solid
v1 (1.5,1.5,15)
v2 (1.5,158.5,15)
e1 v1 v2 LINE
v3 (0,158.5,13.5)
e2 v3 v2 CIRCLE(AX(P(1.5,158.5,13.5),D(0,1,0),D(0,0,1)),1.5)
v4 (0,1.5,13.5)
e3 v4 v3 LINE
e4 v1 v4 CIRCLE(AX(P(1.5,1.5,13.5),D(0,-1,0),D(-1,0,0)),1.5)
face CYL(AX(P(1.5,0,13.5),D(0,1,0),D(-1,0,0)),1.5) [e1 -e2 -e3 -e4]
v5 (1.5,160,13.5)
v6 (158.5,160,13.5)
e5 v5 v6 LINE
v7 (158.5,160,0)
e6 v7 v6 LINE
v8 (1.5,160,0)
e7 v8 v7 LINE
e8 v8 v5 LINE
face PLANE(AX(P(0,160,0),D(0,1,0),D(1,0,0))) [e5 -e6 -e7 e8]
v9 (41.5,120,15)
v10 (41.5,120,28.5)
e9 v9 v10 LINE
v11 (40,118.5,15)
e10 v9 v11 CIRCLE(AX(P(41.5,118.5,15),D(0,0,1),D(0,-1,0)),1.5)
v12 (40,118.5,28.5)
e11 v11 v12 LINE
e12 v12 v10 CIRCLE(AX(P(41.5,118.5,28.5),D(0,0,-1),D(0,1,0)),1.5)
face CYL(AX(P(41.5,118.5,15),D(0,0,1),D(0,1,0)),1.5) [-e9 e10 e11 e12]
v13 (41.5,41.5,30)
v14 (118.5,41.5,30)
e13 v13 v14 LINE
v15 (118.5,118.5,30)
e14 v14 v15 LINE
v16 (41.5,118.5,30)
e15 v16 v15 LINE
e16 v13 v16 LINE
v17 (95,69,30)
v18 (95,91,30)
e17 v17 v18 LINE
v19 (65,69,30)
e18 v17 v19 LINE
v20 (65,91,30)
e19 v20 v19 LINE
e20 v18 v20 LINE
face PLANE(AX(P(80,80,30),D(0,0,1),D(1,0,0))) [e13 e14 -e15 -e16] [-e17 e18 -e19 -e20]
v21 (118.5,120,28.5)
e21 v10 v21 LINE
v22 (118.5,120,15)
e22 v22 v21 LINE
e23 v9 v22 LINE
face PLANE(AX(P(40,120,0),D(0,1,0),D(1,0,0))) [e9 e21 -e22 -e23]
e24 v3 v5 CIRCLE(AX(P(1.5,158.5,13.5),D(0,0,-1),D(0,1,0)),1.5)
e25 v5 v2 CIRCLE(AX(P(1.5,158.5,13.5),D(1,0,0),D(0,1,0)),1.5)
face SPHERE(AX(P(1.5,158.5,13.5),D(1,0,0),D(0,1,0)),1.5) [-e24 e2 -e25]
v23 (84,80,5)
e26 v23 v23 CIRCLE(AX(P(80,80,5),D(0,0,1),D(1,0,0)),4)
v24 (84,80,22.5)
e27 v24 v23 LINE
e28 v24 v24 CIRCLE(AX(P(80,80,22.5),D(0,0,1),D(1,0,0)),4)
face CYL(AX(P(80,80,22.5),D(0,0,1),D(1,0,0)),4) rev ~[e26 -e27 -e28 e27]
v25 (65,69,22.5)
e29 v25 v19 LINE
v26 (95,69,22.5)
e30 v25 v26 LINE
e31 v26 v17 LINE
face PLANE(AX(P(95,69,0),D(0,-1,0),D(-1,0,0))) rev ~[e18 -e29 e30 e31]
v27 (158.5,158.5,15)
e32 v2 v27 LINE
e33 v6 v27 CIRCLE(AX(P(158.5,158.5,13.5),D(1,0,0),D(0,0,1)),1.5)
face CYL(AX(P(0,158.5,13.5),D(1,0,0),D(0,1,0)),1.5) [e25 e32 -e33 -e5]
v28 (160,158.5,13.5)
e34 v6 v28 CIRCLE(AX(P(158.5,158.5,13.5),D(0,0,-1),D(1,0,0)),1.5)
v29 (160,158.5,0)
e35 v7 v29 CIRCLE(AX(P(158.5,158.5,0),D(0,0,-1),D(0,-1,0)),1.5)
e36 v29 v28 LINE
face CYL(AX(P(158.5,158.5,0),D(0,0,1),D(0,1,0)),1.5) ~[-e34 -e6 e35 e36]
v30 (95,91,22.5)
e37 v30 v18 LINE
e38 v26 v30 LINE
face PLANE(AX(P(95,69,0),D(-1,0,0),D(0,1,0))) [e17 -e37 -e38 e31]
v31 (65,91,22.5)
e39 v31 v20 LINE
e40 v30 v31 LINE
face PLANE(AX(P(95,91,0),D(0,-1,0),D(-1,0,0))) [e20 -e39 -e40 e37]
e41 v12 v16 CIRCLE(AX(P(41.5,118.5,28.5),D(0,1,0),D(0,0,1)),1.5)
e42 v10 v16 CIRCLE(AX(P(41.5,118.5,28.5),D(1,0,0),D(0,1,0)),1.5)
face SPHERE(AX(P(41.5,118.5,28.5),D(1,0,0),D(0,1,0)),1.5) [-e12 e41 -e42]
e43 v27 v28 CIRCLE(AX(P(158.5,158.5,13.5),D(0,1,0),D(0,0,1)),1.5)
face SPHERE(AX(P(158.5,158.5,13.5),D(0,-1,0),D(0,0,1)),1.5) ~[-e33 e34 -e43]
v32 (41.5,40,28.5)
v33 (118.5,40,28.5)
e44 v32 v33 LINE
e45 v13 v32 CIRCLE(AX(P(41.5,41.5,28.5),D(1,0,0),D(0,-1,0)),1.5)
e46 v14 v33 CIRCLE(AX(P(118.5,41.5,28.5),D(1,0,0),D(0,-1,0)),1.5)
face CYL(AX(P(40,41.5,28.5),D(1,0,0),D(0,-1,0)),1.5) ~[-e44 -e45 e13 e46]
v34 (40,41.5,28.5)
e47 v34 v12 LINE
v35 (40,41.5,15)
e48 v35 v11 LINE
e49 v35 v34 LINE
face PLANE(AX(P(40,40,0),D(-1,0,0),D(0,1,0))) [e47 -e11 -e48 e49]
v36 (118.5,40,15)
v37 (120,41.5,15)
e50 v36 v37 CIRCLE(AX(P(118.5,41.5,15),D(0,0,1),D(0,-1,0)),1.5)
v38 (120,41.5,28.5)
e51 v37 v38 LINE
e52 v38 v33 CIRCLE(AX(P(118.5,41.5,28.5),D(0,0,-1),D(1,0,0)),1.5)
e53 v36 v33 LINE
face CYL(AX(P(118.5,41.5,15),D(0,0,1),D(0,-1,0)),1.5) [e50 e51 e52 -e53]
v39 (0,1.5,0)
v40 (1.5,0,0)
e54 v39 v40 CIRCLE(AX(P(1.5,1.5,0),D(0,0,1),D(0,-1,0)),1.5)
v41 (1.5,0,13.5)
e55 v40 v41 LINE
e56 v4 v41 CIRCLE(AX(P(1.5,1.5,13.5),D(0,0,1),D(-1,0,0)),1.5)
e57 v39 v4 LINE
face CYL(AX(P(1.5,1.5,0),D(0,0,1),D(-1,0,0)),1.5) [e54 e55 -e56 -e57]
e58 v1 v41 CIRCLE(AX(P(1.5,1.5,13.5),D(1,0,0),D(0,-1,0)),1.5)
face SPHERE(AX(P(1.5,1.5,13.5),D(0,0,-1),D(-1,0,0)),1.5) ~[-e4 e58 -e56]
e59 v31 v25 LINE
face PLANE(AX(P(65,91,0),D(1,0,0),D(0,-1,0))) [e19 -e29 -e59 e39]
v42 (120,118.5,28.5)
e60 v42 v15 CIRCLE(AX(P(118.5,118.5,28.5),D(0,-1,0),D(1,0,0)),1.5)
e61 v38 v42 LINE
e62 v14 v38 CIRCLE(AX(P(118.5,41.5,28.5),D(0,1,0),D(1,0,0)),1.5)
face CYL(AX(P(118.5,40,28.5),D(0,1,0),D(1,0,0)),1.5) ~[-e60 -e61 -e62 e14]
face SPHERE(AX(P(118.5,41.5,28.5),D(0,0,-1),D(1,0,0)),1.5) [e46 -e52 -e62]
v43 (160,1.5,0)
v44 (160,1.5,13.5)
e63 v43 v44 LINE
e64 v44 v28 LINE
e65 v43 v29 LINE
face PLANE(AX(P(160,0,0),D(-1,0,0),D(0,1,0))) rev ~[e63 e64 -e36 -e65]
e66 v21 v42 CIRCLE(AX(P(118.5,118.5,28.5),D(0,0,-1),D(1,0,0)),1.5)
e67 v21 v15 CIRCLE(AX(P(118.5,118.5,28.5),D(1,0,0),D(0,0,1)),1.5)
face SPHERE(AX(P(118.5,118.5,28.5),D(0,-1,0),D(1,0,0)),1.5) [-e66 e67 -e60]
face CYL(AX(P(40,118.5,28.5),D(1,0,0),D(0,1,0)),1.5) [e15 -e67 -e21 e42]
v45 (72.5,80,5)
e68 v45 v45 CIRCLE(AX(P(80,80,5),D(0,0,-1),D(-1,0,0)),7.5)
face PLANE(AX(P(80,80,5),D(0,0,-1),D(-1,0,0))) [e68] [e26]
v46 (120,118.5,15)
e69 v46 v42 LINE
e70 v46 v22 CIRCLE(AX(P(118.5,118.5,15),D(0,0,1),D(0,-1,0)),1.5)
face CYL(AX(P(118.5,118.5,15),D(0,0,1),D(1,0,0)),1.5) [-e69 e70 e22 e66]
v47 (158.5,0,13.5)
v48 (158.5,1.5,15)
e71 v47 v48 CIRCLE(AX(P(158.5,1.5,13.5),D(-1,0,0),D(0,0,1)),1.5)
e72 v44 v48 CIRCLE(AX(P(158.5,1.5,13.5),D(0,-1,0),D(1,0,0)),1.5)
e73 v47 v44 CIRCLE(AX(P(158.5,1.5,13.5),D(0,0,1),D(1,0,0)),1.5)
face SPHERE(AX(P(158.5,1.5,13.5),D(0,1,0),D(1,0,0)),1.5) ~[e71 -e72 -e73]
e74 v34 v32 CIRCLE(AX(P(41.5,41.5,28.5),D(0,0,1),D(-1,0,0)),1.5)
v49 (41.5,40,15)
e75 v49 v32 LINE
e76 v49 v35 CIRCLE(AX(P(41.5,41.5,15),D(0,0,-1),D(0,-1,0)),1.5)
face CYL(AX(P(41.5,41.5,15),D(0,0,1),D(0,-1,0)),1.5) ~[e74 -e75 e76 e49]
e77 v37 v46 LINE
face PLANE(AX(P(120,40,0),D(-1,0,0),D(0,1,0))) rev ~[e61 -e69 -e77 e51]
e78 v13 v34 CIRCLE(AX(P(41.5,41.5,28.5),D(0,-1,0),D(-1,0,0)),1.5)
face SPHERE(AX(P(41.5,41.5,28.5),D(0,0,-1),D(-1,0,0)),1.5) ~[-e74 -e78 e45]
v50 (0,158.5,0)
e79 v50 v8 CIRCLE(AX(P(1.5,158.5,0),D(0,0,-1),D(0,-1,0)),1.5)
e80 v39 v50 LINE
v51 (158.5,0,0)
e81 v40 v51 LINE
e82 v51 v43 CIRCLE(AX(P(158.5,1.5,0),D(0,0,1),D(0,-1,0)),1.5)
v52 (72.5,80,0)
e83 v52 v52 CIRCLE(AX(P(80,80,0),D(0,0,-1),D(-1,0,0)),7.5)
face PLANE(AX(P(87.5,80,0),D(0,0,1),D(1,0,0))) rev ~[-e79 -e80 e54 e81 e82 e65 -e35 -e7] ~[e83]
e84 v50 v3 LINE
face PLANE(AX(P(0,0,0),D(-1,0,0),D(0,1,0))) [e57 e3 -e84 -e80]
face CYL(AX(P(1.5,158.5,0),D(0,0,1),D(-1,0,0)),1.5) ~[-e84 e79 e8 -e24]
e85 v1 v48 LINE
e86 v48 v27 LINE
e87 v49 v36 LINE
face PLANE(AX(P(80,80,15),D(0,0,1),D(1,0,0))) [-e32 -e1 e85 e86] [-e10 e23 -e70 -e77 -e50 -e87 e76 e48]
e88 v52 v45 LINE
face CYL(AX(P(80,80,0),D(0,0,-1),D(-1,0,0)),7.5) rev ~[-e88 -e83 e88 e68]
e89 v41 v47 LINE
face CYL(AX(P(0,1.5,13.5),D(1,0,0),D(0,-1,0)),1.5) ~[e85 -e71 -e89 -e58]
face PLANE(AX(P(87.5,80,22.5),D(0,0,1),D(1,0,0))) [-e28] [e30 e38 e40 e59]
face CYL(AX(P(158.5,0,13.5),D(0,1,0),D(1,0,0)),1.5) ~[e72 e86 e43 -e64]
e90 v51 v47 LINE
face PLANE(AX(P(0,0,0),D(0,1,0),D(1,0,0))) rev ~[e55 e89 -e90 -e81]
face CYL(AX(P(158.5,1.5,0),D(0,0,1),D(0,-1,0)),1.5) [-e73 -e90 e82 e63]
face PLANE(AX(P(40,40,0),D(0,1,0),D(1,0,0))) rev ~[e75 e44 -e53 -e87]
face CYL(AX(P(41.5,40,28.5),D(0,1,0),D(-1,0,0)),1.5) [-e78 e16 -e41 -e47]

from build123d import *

# Parameters (mm, degrees)
SKETCH1_W           = 160
SKETCH1_H           = 160
SKETCH1_W_2         = 80
SKETCH1_H_2         = 80
BOSS_EXTRUDE1_DEPTH = 15
SKETCH1_5_W         = 80
SKETCH1_5_H         = 80
BOSS_EXTRUDE2_DEPTH = 30
SKETCH1_6_W         = 30
SKETCH1_6_H         = 22
BOSS_EXTRUDE3_DEPTH = 22.5
SKETCH2_R           = 4
CUT_EXTRUDE2_DEPTH  = 22.5
SKETCH3_R           = 7.5
CUT_EXTRUDE3_DEPTH  = 5
FILLET1_R           = 1.5


with BuildPart() as part:
    # Sketch1 → Boss-Extrude1 (new body)
    with BuildSketch(Plane.XY):
        with Locations((80, 80)):
            Rectangle(SKETCH1_W, SKETCH1_H)
        with Locations((80, 80)):
            Rectangle(SKETCH1_W_2, SKETCH1_H_2, mode=Mode.SUBTRACT)
    extrude(amount=BOSS_EXTRUDE1_DEPTH)

    # Sketch1<5> → Boss-Extrude2 (add)
    with BuildSketch(Plane.XY):
        with Locations((80, 80)):
            Rectangle(SKETCH1_5_W, SKETCH1_5_H)
        Polygon((65, 91), (80, 91), (95, 91), (95, 69), (80, 69), (65, 69), align=None, mode=Mode.SUBTRACT)
    extrude(amount=BOSS_EXTRUDE2_DEPTH)

    # Sketch1<6> → Boss-Extrude3 (add)
    with BuildSketch(Plane.XY):
        with Locations((80, 80)):
            Rectangle(SKETCH1_6_W, SKETCH1_6_H)
    extrude(amount=BOSS_EXTRUDE3_DEPTH)

    # Sketch2 → Cut-Extrude2 (cut)
    with BuildSketch(Plane.XY.offset(22.5)):
        with Locations((80, 80)):
            Circle(SKETCH2_R)
    extrude(amount=-CUT_EXTRUDE2_DEPTH, mode=Mode.SUBTRACT)

    # Sketch3 → Cut-Extrude3 (cut)
    with BuildSketch(Plane(origin=(0, 0, 0), x_dir=(-1, 0, 0), z_dir=(0, 0, -1))):
        with Locations((-80, 80)):
            Circle(SKETCH3_R)
    extrude(amount=-CUT_EXTRUDE3_DEPTH, mode=Mode.SUBTRACT)

    # Fillet1
    fillet1_edges = [part.edges().sort_by_distance(p)[0] for p in [
        (0, 0, 7.5),
        (80, 0, 15),
        (160, 0, 7.5),
        (160, 160, 7.5),
        (160, 80, 15),
        (0, 160, 7.5),
        (80, 160, 15),
        (0, 80, 15),
        (40, 40, 22.5),
        (40, 120, 22.5),
        (120, 120, 22.5),
        (120, 40, 22.5),
        (40, 80, 30),
        (120, 80, 30),
        (80, 120, 30),
        (80, 40, 30),
    ]]
    fillet(fillet1_edges, radius=FILLET1_R)


solid = part.part
